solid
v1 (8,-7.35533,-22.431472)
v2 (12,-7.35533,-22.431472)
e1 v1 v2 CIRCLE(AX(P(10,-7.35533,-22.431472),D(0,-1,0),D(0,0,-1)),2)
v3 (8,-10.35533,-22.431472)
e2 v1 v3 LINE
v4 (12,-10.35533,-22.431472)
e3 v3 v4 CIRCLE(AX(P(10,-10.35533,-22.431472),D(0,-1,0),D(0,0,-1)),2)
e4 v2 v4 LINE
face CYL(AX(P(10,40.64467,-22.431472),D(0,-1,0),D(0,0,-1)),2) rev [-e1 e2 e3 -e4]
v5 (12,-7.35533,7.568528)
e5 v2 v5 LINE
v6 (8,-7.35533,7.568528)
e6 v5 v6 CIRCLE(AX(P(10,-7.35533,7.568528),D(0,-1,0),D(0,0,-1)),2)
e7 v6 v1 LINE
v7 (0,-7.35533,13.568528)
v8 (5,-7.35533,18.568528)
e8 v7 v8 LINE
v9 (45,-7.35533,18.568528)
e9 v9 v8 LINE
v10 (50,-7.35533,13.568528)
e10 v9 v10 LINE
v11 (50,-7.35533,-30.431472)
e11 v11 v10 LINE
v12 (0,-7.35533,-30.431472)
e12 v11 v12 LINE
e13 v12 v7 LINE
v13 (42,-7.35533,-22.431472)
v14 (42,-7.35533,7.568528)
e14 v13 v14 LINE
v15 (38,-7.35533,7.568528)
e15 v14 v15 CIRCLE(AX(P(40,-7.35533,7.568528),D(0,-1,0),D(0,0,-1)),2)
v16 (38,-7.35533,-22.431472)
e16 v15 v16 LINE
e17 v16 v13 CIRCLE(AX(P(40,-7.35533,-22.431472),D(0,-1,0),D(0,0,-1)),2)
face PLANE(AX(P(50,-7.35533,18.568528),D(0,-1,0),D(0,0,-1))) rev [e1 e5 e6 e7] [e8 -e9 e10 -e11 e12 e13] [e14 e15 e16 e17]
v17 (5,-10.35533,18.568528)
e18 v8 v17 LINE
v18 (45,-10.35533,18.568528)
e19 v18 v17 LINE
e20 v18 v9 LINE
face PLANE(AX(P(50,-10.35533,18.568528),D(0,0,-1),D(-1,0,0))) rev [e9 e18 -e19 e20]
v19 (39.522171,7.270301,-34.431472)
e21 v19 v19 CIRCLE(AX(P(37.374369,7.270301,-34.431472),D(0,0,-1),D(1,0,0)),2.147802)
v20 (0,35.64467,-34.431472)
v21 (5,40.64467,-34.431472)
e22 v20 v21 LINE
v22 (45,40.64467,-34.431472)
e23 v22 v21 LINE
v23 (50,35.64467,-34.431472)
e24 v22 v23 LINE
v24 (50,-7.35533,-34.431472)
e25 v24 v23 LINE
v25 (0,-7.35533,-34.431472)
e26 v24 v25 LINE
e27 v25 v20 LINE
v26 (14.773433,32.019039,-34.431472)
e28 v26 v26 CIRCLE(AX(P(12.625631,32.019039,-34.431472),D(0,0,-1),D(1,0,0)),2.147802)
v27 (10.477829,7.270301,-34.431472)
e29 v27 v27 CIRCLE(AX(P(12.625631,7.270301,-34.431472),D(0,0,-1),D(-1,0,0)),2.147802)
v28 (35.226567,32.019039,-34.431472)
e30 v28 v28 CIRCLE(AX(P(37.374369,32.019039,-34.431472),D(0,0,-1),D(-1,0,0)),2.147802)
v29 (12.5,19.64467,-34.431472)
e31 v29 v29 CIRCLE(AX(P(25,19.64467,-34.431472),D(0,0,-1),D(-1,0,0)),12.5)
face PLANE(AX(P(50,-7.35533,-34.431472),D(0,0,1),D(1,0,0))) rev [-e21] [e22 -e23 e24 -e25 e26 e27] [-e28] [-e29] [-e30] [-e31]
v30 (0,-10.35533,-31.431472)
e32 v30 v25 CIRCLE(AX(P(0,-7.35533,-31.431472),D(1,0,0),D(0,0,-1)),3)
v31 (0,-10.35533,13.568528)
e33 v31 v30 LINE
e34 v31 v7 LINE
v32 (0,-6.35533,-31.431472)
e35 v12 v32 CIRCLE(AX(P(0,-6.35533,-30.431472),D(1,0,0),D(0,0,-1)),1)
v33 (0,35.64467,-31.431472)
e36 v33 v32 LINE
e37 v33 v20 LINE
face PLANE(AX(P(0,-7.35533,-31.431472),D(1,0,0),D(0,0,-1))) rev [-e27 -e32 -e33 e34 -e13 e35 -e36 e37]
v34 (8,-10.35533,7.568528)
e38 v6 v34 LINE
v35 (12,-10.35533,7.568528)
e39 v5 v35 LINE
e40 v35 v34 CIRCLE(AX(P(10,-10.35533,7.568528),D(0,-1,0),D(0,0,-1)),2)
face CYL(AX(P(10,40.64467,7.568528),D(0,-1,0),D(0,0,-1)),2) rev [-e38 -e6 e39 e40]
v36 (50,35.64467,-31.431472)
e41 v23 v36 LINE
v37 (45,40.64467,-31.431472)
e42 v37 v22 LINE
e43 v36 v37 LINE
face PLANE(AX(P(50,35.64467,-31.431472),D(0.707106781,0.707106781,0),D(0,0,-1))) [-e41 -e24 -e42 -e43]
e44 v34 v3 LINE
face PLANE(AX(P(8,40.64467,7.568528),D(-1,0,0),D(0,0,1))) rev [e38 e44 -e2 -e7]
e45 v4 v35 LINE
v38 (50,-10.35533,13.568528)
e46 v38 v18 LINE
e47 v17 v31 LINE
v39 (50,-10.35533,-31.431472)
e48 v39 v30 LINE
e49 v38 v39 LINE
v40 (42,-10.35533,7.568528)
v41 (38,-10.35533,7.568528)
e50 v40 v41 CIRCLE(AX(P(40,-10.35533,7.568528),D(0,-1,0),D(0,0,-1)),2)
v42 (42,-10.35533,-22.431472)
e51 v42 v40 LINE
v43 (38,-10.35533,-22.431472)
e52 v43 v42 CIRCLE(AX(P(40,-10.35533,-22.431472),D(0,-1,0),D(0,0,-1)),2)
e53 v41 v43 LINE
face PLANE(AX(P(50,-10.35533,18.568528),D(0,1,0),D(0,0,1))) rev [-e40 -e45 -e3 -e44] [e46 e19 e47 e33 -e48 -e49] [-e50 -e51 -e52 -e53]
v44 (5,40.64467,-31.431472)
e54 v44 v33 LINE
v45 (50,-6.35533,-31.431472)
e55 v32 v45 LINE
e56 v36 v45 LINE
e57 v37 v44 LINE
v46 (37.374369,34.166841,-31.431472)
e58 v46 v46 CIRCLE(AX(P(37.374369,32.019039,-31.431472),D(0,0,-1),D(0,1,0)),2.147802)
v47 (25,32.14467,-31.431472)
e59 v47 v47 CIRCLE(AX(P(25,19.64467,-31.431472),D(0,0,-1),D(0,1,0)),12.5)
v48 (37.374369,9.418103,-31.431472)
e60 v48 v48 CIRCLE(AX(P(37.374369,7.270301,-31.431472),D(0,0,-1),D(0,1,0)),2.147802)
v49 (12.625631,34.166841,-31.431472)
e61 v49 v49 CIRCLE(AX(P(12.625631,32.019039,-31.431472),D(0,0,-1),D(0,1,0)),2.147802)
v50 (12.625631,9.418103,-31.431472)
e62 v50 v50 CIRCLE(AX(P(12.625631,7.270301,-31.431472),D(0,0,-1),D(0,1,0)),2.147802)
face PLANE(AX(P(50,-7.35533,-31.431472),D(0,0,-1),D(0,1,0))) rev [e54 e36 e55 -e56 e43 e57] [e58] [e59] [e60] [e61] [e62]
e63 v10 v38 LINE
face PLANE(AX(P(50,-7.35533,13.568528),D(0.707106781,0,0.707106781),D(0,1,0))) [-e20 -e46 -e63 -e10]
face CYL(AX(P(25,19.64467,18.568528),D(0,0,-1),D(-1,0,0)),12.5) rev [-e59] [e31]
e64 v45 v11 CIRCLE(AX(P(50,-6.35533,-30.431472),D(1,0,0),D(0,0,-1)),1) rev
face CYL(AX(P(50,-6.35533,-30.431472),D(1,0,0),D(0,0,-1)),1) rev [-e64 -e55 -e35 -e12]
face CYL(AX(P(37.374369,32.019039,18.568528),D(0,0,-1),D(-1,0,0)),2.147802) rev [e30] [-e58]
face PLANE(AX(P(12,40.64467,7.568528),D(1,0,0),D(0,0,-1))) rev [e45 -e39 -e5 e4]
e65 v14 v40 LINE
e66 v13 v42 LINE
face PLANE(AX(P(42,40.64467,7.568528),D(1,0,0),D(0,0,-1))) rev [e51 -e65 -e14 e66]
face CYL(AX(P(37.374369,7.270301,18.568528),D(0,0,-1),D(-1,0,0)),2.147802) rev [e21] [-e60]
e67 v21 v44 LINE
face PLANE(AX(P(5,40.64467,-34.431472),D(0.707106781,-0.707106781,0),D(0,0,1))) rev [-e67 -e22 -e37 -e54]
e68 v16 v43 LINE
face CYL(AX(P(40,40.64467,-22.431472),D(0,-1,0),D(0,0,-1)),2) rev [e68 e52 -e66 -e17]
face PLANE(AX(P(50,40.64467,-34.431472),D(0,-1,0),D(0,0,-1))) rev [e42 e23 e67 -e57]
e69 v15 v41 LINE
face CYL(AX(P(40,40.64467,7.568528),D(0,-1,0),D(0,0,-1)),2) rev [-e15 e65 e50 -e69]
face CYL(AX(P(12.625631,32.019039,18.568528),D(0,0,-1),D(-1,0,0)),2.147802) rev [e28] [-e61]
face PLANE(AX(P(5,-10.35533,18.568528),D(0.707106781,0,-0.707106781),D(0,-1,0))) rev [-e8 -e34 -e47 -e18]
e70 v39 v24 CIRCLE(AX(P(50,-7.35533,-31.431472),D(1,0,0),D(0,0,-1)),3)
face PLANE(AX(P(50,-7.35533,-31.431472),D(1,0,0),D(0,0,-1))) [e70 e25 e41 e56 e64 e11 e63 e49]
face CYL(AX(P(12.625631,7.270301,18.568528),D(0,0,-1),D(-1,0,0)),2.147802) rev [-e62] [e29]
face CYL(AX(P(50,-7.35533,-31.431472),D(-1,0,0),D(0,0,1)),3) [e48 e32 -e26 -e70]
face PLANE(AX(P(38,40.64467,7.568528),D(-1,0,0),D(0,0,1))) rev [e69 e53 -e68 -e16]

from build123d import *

# Parameters (mm, degrees)
EXTRUDE_1_DEPTH     = 50
CHAMFER_1_SIZE      = 5
FILLET_1_R          = 1
SKETCH_2_R          = 12.5
SKETCH_2_R_2        = 2.147801841
CUT_EXTRUDE_1_DEPTH = 84.432542833
CUT_EXTRUDE_2_DEPTH = 80.287617379


with BuildPart() as part:
    # 스케치1 → 보스-돌출1 (new body)
    with BuildSketch(Plane(origin=(0, 0, 0), x_dir=(0, 0, -1), z_dir=(1, 0, 0))):
        with BuildLine():
            Line((-18.568527919, -10.355329949), (31.431472081, -10.355329949))
            ThreePointArc((31.431472081, -10.355329949), (33.552792425, -9.476650293), (34.431472081, -7.355329949))
            Line((34.431472081, -7.355329949), (34.431472081, 40.644670051))
            Line((34.431472081, 40.644670051), (31.431472081, 40.644670051))
            Line((31.431472081, 40.644670051), (31.431472081, -7.355329949))
            Line((31.431472081, -7.355329949), (-18.568527919, -7.355329949))
            Line((-18.568527919, -7.355329949), (-18.568527919, -10.355329949))
        make_face()
    extrude(amount=EXTRUDE_1_DEPTH)

    # 모따기1
    chamfer_1_edges = [part.edges().sort_by_distance(p)[0] for p in [
        (0, -8.855329949, 18.568527919),
        (50, 40.644670051, -32.931472081),
        (50, -8.855329949, 18.568527919),
        (0, 40.644670051, -32.931472081),
    ]]
    chamfer(chamfer_1_edges, length=CHAMFER_1_SIZE)

    # 필렛1
    fillet_1_edges = [part.edges().sort_by_distance(p)[0] for p in [
        (25, -7.355329949, -31.431472081),
    ]]
    fillet(fillet_1_edges, radius=FILLET_1_R)

    # 스케치2 → 컷-돌출1 (cut, through all)
    with BuildSketch(Plane(origin=(0, 0, -34.431472081), x_dir=(-1, 0, 0), z_dir=(0, 0, -1))):
        with Locations((-25, 19.644670051)):
            Circle(SKETCH_2_R)
        with Locations((-37.374368671, 32.019038722)):
            Circle(SKETCH_2_R_2)
        with Locations(Location((-12.625631329, 32.019038722, 0), (0, 0, 90))):
            Circle(SKETCH_2_R_2)
        with Locations((-12.625631329, 7.27030138)):
            Circle(SKETCH_2_R_2)
        with Locations(Location((-37.374368671, 7.27030138, 0), (0, 0, 90))):
            Circle(SKETCH_2_R_2)
    extrude(amount=-CUT_EXTRUDE_1_DEPTH, mode=Mode.SUBTRACT)

    # 스케치3 → 컷-돌출2 (cut, through all)
    with BuildSketch(Plane.XZ.offset(10.355329949)):
        with BuildLine():
            Line((12, 7.568527919), (12, -22.431472081))
            ThreePointArc((12, -22.431472081), (10, -24.431472081), (8, -22.431472081))
            Line((8, -22.431472081), (8, 7.568527919))
            ThreePointArc((8, 7.568527919), (10, 9.568527919), (12, 7.568527919))
        make_face()
        with BuildLine():
            Line((42, 7.568527919), (42, -22.431472081))
            ThreePointArc((42, -22.431472081), (40, -24.431472081), (38, -22.431472081))
            Line((38, -22.431472081), (38, 7.568527919))
            ThreePointArc((38, 7.568527919), (40, 9.568527919), (42, 7.568527919))
        make_face()
    extrude(amount=-CUT_EXTRUDE_2_DEPTH, mode=Mode.SUBTRACT)


solid = part.part
